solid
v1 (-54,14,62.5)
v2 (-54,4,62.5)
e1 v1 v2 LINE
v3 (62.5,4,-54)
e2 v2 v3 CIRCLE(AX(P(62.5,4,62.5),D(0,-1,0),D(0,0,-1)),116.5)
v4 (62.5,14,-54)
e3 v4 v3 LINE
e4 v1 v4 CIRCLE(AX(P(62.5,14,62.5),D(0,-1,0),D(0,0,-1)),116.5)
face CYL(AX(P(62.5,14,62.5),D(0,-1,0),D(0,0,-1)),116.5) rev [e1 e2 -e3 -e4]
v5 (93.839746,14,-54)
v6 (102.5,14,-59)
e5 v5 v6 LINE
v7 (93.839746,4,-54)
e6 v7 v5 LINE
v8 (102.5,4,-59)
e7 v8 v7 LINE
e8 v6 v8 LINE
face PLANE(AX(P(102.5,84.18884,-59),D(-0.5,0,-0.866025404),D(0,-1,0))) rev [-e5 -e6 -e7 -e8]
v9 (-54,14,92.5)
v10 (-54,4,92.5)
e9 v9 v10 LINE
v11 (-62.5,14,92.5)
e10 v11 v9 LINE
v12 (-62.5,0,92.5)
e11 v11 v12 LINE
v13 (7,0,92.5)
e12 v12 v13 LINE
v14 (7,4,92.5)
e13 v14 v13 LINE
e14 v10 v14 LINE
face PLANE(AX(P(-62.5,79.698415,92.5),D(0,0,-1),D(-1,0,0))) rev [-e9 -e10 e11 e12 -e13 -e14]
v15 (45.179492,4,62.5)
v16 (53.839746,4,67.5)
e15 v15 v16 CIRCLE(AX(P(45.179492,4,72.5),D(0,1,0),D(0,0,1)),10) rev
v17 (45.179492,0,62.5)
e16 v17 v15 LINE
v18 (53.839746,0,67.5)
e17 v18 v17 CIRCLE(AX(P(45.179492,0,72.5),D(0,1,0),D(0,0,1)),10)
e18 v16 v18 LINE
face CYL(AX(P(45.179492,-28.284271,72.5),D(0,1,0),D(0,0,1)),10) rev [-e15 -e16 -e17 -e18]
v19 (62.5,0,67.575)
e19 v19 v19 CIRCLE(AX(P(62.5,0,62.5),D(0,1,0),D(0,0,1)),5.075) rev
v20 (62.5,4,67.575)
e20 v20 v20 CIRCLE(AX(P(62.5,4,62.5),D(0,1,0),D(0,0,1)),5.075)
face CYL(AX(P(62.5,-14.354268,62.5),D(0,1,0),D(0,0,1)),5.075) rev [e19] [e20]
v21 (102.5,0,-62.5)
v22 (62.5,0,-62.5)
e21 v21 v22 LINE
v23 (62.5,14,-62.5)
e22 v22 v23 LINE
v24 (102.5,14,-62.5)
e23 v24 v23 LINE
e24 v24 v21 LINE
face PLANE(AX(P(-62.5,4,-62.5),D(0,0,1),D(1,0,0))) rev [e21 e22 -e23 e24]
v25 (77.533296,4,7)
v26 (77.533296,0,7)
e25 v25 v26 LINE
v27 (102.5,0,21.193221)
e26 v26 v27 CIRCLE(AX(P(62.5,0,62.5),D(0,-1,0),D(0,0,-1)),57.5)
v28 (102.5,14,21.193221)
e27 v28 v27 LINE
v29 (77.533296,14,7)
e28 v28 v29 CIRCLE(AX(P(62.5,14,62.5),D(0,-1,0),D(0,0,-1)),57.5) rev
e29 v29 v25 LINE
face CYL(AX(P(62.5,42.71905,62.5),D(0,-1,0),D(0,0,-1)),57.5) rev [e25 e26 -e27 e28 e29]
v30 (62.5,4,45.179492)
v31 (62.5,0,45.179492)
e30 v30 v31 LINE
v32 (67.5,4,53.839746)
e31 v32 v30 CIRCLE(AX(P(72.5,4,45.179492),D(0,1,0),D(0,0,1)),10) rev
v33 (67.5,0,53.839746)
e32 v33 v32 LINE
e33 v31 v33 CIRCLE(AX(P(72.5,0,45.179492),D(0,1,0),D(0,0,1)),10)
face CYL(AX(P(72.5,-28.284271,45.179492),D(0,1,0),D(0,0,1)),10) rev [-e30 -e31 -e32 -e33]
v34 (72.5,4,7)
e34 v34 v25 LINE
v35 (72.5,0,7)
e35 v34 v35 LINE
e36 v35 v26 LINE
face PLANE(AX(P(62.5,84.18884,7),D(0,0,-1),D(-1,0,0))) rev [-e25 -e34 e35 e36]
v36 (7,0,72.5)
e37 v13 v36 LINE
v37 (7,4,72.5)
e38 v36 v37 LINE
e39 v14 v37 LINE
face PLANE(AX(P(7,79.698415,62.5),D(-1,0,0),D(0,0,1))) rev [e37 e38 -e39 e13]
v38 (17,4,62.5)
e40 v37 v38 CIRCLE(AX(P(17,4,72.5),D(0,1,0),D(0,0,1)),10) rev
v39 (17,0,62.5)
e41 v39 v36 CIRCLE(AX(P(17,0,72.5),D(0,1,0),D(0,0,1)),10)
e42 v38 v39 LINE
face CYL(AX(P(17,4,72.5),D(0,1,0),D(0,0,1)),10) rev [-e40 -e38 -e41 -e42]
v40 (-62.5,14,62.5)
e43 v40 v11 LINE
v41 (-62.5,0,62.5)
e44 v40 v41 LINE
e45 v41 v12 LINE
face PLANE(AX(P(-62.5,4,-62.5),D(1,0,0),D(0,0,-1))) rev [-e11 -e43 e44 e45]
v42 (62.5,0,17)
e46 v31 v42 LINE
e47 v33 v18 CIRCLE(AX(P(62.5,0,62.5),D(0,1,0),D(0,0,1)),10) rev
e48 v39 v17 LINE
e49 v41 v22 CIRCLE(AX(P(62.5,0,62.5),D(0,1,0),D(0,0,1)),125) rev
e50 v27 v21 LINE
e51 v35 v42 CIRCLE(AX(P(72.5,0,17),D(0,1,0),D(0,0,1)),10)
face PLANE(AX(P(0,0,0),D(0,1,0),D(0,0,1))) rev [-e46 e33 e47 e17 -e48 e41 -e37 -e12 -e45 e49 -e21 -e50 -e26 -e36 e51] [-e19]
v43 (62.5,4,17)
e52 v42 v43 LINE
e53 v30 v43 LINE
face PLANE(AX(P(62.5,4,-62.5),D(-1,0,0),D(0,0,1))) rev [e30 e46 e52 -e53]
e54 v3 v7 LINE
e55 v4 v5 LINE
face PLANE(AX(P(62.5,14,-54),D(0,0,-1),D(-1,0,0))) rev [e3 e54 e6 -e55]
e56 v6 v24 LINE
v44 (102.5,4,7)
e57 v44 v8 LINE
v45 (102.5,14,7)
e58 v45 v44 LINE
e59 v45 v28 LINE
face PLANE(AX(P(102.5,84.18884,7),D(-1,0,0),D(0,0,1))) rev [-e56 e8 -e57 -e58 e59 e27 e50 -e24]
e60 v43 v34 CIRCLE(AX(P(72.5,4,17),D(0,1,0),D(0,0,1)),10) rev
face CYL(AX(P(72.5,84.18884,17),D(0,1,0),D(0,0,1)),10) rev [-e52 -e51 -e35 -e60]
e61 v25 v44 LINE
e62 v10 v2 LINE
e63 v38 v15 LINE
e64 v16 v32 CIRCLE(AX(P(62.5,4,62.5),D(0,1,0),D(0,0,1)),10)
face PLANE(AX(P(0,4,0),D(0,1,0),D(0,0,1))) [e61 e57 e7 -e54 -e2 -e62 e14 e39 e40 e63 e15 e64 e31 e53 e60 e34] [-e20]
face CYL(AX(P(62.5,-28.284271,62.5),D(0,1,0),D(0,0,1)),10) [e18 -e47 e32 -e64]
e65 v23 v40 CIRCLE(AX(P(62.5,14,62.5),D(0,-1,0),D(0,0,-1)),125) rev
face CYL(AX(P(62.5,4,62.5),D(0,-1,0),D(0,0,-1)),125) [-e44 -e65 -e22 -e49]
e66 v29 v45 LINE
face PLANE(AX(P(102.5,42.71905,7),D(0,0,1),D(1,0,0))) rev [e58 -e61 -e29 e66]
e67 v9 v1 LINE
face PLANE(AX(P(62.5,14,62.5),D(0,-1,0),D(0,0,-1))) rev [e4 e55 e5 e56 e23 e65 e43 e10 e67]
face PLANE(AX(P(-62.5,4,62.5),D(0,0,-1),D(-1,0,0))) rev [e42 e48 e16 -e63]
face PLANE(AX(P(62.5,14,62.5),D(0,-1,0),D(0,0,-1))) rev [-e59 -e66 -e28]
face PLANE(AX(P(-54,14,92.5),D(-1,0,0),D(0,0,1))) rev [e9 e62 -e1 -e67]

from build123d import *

# Parameters (mm, degrees)
SKETCH1_W           = 125
SKETCH1_H           = 125
BOSS_EXTRUDE1_DEPTH = 4
SKETCH7_W           = 40
SKETCH7_H           = 69.5
BOSS_EXTRUDE4_DEPTH = 4
SKETCH8_W           = 69.5
SKETCH8_H           = 30
BOSS_EXTRUDE5_DEPTH = 4
BOSS_EXTRUDE2_DEPTH = 10
SKETCH3_R           = 10
BOSS_EXTRUDE3_DEPTH = 4
SKETCH4_R           = 5.075
CUT_EXTRUDE1_DEPTH  = 4
FILLET1_R           = 125
CHAMFER1_SIZE       = 5
CHAMFER1_SIZE2      = 8.660254038
BOSS_EXTRUDE6_DEPTH = 14
FILLET2_R           = 10


with BuildPart() as part:
    # Sketch1 → Boss-Extrude1 (new body)
    with BuildSketch(Plane(origin=(0, 0, 0), x_dir=(1, 0, 0), z_dir=(0, 1, 0))):
        Rectangle(SKETCH1_W, SKETCH1_H)
    extrude(amount=BOSS_EXTRUDE1_DEPTH)

    # Sketch7 → Boss-Extrude4 (add)
    with BuildSketch(Plane(origin=(0, 0, 0), x_dir=(1, 0, 0), z_dir=(0, 1, 0))):
        with Locations((82.5, 27.75)):
            Rectangle(SKETCH7_W, SKETCH7_H)
    extrude(amount=BOSS_EXTRUDE4_DEPTH)

    # Sketch8 → Boss-Extrude5 (add)
    with BuildSketch(Plane(origin=(0, 0, 0), x_dir=(1, 0, 0), z_dir=(0, 1, 0))):
        with Locations((-27.75, -77.5)):
            Rectangle(SKETCH8_W, SKETCH8_H)
    extrude(amount=BOSS_EXTRUDE5_DEPTH)

    # Sketch2 → Boss-Extrude2 (add)
    with BuildSketch(Plane(origin=(0, 4, 0), x_dir=(1, 0, 0), z_dir=(0, 1, 0))):
        with BuildLine():
            Line((-62.5, -92.5), (-62.5, 62.5))
            Line((-62.5, 62.5), (102.5, 62.5))
            Line((102.5, 62.5), (102.5, 54))
            Line((102.5, 54), (62.5, 54))
            ThreePointArc((62.5, 54), (-19.877940008, 19.877940008), (-54, -62.5))
            Line((-54, -62.5), (-54, -92.5))
            Line((-54, -92.5), (-62.5, -92.5))
        make_face()
    extrude(amount=BOSS_EXTRUDE2_DEPTH)

    # Sketch3 → Boss-Extrude3 (add)
    with BuildSketch(Plane(origin=(0, 4, 0), x_dir=(1, 0, 0), z_dir=(0, 1, 0))):
        with Locations((62.5, -62.5)):
            Circle(SKETCH3_R)
    extrude(amount=-BOSS_EXTRUDE3_DEPTH)

    # Sketch4 → Cut-Extrude1 (cut)
    with BuildSketch(Plane(origin=(0, 4, 0), x_dir=(1, 0, 0), z_dir=(0, 1, 0))):
        with Locations(Location((62.5, -62.5, 0), (0, 0, 270))):
            Circle(SKETCH4_R)
    extrude(amount=-CUT_EXTRUDE1_DEPTH, mode=Mode.SUBTRACT)

    # Fillet1
    fillet1_edges = [part.edges().sort_by_distance(p)[0] for p in [
        (-62.5, 7, -62.5),
    ]]
    fillet(fillet1_edges, radius=FILLET1_R)

    # Chamfer1
    chamfer1_edges = [part.edges().sort_by_distance(p)[0] for p in [
        (102.5, 9, -54),
    ]]
    chamfer1_side = [part.faces().sort_by_distance(p)[0] for p in [
        (102.5, 3.639118457, -34.891873278),
    ]]
    chamfer(chamfer1_edges, length=CHAMFER1_SIZE, length2=CHAMFER1_SIZE2, reference=chamfer1_side[0])

    # Sketch9 → Boss-Extrude6 (add)
    with BuildSketch(Plane(origin=(0, 0, 0), x_dir=(1, 0, 0), z_dir=(0, 1, 0))):
        with BuildLine():
            Line((102.5, -7), (102.5, -21.193220895))
            ThreePointArc((102.5, -21.193220895), (90.917033755, -12.512779707), (77.533296378, -7))
            Line((77.533296378, -7), (102.5, -7))
        make_face()
    extrude(amount=BOSS_EXTRUDE6_DEPTH)

    # Fillet2
    fillet2_edges = [part.edges().sort_by_distance(p)[0] for p in [
        (62.5, 2, 7),
        (7, 2, 62.5),
        (62.5, 2, 52.5),
        (52.5, 2, 62.5),
    ]]
    fillet(fillet2_edges, radius=FILLET2_R)


solid = part.part
